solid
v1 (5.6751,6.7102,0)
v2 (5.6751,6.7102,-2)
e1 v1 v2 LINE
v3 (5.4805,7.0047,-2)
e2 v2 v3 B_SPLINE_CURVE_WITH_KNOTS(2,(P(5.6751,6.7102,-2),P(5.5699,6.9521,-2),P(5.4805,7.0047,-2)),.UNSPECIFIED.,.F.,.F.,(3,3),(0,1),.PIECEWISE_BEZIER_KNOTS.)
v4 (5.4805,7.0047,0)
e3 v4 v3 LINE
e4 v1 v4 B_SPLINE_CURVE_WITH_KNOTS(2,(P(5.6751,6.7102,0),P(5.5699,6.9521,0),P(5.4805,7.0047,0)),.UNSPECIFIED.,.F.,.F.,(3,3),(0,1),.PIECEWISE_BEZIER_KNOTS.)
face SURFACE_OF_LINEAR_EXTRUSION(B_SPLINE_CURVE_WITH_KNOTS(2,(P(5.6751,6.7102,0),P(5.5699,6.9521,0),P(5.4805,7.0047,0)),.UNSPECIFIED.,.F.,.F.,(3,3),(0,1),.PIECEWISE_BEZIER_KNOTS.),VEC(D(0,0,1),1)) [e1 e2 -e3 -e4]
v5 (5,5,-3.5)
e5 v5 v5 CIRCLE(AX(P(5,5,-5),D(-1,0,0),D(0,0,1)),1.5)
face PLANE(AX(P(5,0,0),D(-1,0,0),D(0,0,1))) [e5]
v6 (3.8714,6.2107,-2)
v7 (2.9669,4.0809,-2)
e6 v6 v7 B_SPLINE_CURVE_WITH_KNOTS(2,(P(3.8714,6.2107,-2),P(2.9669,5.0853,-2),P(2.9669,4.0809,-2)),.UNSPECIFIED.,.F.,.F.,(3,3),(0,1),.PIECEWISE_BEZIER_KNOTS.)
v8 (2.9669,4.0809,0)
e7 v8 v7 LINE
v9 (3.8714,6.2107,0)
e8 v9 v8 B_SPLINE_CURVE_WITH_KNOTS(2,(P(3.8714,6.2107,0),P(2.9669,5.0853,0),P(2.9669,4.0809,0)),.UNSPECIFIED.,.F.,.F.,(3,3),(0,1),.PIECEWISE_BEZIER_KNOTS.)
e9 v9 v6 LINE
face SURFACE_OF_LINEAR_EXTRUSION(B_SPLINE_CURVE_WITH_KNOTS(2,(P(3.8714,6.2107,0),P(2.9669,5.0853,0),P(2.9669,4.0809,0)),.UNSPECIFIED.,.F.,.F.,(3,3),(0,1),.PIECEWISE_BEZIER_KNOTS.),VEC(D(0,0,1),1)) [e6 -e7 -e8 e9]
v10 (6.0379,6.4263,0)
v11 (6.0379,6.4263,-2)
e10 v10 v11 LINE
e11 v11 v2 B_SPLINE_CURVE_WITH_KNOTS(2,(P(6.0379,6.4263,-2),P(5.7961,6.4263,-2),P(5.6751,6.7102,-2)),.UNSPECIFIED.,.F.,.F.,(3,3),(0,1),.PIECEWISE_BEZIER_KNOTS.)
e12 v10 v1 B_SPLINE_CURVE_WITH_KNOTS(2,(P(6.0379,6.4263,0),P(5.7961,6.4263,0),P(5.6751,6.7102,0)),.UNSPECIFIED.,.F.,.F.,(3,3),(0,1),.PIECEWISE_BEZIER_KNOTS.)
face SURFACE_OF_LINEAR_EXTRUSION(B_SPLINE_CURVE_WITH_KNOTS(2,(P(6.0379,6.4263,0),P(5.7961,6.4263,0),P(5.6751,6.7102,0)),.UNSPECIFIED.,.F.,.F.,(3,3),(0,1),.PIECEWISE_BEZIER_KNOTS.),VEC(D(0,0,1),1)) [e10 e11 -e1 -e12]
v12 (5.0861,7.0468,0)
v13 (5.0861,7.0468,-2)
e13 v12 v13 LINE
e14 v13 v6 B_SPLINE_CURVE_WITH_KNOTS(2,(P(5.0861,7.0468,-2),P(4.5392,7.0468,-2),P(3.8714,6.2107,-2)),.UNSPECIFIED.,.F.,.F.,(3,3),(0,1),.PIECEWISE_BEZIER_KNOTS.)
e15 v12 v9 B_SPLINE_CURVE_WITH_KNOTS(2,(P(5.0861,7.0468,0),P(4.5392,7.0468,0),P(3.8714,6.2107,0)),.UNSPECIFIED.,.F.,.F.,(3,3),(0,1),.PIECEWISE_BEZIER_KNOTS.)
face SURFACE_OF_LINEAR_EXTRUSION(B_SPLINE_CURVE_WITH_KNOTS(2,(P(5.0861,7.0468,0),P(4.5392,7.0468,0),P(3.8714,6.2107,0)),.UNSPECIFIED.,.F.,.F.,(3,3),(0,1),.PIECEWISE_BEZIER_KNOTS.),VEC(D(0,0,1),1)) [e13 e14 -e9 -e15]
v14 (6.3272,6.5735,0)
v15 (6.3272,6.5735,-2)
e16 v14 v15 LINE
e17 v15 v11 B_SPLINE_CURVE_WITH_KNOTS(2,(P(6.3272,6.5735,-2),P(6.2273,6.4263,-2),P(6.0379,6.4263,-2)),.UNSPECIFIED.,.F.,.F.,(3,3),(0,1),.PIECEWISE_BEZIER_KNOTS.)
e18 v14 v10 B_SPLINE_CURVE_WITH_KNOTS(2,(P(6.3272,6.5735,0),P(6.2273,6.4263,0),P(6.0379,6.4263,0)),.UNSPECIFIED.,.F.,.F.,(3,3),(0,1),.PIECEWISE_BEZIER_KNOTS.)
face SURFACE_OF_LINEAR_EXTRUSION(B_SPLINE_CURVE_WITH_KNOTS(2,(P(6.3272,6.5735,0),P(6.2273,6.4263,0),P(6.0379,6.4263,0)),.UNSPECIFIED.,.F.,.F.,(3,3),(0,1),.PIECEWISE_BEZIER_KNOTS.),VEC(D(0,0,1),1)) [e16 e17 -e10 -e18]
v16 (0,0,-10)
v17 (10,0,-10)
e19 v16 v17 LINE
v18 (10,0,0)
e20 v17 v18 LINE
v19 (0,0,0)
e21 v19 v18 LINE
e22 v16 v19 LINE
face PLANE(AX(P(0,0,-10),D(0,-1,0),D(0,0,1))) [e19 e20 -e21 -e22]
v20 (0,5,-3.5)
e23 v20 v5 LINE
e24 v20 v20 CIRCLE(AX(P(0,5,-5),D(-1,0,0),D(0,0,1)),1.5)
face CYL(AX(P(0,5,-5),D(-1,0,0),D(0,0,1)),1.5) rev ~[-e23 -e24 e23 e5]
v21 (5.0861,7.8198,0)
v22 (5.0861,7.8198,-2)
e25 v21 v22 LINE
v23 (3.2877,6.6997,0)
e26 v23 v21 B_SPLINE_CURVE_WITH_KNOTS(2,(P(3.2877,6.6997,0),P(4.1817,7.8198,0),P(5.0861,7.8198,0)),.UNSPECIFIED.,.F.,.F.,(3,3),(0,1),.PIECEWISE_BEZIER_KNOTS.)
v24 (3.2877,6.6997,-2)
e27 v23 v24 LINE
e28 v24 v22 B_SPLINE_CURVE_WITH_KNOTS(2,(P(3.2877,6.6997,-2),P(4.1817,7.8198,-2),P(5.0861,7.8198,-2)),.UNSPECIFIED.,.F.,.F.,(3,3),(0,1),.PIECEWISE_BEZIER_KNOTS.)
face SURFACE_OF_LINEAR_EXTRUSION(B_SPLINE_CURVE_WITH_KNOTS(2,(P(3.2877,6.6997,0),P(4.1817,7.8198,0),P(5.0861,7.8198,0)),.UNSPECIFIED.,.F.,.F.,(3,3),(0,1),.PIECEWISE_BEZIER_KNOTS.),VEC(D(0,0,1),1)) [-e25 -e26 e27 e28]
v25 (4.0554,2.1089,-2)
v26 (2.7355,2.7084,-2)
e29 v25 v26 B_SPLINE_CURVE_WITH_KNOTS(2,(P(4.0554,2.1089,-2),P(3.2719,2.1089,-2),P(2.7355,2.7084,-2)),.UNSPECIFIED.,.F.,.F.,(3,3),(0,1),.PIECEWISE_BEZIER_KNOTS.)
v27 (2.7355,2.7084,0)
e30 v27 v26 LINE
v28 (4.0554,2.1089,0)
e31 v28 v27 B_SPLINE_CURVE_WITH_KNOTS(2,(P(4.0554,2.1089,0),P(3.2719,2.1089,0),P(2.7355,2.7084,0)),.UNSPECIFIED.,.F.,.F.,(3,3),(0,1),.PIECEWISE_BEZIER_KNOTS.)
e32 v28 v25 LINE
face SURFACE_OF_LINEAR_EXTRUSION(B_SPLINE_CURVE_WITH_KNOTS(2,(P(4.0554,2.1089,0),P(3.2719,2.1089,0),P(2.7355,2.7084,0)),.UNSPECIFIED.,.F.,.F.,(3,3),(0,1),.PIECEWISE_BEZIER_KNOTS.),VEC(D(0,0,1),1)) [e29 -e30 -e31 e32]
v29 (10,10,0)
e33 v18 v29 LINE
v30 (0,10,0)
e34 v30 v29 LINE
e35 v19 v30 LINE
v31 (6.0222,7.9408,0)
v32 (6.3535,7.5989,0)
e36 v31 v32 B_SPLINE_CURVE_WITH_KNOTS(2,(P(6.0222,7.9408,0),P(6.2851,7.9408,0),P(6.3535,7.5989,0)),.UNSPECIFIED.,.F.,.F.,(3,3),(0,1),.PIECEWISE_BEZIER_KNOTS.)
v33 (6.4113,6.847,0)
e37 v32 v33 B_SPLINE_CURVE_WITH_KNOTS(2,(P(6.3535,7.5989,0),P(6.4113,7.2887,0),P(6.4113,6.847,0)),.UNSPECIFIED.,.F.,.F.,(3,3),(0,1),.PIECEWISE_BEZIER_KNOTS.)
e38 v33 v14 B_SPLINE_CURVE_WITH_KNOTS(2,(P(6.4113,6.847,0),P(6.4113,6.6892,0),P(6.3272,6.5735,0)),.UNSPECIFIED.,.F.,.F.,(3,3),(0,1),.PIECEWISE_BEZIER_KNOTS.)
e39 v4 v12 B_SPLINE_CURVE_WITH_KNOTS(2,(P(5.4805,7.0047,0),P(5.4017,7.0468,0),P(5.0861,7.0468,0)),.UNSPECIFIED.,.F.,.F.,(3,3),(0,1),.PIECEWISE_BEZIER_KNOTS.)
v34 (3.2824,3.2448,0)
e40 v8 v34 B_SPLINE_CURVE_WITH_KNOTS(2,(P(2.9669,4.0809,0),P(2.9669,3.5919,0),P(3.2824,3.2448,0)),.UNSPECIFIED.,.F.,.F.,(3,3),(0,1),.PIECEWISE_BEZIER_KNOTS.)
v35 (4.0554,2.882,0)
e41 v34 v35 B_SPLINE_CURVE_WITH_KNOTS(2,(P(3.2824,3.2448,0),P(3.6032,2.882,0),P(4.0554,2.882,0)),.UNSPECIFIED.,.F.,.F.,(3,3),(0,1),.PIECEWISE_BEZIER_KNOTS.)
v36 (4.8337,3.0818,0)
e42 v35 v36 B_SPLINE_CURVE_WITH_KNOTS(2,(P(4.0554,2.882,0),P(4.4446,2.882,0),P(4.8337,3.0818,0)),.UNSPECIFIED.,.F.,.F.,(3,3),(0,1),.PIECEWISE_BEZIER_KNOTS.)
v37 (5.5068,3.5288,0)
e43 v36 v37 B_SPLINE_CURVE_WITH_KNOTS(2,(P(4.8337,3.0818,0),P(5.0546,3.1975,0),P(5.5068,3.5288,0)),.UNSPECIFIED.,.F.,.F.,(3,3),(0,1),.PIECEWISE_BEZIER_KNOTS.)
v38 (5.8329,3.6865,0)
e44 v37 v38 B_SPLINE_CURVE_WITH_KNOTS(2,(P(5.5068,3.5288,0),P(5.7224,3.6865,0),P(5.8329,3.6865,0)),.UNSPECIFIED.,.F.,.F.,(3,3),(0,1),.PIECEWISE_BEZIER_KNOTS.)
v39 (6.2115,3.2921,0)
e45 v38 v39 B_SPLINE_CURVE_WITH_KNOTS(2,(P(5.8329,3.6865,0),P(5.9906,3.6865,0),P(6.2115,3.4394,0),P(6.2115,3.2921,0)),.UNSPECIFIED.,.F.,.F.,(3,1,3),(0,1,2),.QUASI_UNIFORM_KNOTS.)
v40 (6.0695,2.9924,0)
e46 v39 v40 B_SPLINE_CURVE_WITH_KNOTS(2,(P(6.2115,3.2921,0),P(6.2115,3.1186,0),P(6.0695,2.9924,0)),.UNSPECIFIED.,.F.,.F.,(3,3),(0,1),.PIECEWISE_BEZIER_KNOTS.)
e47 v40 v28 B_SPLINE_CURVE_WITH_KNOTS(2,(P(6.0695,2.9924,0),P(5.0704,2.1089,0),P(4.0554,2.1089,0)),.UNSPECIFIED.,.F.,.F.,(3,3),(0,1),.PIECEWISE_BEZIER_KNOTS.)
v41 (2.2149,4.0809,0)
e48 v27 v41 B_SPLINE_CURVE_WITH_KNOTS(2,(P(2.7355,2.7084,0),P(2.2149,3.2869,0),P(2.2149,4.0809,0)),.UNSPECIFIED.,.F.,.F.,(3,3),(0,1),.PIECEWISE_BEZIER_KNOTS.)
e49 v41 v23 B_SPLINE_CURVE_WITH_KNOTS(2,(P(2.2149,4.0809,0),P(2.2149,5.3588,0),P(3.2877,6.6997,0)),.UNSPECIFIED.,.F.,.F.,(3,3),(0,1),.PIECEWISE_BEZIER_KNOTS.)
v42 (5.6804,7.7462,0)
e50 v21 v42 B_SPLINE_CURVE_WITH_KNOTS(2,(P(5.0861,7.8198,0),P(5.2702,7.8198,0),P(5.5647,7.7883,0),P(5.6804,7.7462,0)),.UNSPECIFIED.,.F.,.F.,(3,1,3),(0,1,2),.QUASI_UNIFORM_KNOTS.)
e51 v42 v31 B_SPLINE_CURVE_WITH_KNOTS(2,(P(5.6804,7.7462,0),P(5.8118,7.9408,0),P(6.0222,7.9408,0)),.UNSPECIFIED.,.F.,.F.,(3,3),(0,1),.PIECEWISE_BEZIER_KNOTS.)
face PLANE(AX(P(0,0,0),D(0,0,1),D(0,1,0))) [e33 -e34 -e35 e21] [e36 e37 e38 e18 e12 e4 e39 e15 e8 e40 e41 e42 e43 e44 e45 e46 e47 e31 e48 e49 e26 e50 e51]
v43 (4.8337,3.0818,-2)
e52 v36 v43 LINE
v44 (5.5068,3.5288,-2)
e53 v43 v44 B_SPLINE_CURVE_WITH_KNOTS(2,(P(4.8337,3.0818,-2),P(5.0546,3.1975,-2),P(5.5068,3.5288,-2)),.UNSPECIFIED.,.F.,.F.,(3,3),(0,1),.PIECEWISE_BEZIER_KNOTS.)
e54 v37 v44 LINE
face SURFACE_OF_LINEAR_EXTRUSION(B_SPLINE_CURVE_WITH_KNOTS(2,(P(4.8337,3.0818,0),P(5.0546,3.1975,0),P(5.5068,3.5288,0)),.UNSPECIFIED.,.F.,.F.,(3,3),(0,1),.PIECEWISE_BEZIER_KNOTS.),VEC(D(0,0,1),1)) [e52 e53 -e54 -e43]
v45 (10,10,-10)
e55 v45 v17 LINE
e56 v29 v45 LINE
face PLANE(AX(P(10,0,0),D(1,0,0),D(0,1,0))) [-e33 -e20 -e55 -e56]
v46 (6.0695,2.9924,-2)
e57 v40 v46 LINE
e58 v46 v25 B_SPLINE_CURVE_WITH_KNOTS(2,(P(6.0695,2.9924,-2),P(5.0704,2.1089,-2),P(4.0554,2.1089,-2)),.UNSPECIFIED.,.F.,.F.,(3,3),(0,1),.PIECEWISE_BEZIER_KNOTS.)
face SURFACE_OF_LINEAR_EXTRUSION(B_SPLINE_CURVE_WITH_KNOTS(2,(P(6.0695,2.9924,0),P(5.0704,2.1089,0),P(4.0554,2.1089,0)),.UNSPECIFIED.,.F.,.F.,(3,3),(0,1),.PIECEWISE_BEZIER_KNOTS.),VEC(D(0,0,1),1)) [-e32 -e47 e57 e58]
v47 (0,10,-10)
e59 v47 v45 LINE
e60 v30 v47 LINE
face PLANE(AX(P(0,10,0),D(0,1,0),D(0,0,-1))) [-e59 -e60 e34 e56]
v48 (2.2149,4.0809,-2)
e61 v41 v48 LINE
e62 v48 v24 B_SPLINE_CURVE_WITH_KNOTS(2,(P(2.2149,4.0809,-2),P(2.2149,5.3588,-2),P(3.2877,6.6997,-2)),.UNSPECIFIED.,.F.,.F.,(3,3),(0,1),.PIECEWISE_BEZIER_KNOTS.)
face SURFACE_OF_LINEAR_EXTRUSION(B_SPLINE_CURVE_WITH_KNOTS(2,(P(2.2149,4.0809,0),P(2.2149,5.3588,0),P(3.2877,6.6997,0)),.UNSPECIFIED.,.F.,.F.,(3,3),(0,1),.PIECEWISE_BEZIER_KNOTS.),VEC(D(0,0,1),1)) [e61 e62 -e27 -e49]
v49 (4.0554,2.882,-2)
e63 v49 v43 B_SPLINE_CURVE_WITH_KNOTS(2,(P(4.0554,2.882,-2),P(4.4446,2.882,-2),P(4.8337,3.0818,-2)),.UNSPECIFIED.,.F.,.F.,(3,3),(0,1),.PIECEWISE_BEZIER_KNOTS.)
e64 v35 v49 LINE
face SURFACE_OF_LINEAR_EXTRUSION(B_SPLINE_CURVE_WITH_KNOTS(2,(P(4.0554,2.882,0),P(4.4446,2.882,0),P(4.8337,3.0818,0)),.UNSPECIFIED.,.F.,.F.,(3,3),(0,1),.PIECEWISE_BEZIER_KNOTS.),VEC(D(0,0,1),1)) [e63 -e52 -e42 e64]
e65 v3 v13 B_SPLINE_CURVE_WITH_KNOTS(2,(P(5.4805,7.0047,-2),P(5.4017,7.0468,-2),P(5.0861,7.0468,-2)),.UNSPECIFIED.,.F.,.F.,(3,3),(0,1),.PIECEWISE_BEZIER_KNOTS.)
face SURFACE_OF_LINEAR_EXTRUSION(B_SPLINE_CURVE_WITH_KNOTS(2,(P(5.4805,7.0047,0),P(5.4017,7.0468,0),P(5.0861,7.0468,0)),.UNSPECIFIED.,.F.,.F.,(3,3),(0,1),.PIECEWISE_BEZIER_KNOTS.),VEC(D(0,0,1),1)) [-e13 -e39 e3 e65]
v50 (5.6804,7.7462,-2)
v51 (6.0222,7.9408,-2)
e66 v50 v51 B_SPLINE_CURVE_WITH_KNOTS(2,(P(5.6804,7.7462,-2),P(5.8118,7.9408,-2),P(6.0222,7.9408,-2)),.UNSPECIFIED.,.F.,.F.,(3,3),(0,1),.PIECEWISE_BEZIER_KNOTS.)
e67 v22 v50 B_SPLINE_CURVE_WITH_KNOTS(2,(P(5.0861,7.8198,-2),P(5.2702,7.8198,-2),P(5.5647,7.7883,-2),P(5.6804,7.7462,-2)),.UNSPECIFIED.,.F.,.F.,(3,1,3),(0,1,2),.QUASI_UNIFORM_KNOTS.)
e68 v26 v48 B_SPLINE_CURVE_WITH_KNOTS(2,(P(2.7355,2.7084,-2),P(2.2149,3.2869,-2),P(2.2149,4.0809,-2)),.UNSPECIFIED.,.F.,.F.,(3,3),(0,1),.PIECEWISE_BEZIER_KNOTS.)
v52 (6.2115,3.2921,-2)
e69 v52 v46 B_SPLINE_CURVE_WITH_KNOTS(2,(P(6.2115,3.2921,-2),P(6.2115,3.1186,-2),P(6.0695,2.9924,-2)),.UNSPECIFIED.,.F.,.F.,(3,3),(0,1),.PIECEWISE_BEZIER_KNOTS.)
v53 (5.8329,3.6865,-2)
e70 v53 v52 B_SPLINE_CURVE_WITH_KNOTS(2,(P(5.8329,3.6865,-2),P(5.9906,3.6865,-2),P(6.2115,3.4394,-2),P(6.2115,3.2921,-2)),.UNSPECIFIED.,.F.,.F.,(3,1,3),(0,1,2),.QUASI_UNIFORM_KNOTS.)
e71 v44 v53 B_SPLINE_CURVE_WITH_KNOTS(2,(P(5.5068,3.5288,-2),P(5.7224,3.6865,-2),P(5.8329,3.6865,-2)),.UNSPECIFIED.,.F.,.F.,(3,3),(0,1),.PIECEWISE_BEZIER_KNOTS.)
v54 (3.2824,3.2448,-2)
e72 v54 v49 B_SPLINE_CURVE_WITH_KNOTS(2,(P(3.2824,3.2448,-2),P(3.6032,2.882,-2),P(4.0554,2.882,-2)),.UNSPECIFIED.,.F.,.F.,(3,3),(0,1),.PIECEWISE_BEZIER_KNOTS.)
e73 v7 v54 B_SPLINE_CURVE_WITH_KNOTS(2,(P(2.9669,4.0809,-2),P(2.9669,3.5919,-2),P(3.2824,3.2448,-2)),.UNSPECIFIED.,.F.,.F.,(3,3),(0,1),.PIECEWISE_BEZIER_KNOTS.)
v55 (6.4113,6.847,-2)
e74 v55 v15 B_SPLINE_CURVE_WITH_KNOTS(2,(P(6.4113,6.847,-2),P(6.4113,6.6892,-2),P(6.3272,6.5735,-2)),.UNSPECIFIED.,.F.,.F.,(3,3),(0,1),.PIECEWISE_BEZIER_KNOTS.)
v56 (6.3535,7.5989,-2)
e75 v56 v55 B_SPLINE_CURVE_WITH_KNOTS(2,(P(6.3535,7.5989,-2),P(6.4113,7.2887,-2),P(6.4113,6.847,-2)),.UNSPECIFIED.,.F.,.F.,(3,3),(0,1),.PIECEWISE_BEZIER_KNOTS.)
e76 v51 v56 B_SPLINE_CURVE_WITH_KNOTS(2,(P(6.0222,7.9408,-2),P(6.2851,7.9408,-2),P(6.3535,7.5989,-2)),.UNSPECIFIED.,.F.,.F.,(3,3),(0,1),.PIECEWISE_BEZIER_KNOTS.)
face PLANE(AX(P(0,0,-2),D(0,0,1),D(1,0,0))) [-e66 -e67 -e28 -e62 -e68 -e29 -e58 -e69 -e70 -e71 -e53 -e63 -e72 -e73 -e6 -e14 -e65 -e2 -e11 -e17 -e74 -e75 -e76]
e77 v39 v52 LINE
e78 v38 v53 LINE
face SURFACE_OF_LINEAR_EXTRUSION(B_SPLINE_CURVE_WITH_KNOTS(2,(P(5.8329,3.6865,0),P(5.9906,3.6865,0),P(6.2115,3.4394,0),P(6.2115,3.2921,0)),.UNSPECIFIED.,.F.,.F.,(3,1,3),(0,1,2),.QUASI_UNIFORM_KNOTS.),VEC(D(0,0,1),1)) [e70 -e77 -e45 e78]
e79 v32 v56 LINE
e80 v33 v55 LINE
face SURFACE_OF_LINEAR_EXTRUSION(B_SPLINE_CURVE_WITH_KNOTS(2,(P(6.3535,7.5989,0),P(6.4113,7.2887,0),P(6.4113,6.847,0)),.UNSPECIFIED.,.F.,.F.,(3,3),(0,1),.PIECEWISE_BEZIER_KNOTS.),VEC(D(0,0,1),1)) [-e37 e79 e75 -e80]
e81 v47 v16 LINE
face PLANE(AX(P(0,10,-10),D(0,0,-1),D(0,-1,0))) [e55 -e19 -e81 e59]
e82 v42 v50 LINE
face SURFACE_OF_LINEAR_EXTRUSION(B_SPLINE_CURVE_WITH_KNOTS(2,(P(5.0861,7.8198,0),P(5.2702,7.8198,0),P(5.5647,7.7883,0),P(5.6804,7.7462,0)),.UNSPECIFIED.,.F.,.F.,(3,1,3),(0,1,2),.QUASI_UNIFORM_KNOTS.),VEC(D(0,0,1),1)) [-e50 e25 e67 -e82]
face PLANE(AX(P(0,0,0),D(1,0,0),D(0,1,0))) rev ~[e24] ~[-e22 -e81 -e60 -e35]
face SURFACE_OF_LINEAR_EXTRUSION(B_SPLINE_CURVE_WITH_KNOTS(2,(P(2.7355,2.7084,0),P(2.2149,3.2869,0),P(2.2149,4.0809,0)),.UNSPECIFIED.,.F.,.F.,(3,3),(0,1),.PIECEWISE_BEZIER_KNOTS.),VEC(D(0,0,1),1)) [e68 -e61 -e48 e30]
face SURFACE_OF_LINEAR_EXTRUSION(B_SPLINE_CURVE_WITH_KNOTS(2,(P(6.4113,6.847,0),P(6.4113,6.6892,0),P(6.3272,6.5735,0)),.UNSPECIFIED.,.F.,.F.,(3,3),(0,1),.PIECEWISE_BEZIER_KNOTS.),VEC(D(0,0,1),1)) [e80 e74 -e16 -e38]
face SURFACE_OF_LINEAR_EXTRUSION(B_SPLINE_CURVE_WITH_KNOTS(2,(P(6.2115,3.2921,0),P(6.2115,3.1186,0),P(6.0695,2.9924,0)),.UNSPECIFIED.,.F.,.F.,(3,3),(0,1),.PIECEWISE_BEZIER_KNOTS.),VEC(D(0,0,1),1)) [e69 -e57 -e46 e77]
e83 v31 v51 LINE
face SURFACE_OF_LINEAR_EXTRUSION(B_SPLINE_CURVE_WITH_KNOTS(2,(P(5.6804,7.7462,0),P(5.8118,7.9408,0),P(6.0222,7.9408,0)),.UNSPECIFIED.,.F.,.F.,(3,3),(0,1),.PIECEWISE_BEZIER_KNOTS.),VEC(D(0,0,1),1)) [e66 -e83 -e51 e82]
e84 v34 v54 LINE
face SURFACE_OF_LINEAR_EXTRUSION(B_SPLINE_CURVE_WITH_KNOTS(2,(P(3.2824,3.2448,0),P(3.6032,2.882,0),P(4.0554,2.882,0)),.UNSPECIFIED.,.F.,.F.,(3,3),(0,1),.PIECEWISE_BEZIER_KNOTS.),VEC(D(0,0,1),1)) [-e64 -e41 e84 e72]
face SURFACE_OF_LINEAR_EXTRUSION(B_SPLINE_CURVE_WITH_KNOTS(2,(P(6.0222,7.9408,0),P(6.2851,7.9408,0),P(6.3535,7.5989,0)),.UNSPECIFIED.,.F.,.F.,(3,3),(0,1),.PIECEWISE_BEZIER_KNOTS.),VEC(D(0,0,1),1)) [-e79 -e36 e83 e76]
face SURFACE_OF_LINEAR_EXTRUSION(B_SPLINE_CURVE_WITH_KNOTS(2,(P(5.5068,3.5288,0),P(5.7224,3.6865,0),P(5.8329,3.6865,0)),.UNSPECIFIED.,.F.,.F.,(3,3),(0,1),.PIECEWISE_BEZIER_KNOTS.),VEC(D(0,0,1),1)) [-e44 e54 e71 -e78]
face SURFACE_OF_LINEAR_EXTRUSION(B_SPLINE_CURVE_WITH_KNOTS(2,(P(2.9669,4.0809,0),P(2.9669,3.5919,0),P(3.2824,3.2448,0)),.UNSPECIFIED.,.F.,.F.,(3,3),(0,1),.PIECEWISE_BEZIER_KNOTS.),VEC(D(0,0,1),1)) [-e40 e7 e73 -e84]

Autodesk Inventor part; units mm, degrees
ref_plane "YZ Plane" through (0, 0, 0) normal (1, 0, 0) x (0, 1, 0)
ref_plane "XZ Plane" through (0, 0, 0) normal (0, 1, 0) x (-1, 0, 0)
ref_plane "XY Plane" through (0, 0, 0) normal (0, 0, 1) x (1, 0, 0)
sketch "Sketch1" plane through (0, 0, 0) normal (1, 0, 0) x (0, 1, 0)
  line L0 (0, 0) -> (10, 0)
  line L1 (10, 0) -> (10, -10)
  line L2 (10, -10) -> (0, -10)
  line L3 (0, -10) -> (0, 0)
  dimension "d0" = 10
  dimension "d1" = 10
extrude "Extrusion1" add sketch "Sketch1" along normal blind 10
sketch "Sketch3" plane through (0, 0, 0) normal (-1, 0, 0) x (0, 0, 1)
  circle A0 centre (-5, 5) radius 1.5
  point P0 (0, 0)
extrude "Extrusion3" cut sketch "Sketch3" against normal blind 5
sketch "Sketch4" plane through (0, 0, 0) normal (0, 0, 1) x (1, 0, 0)
  line L0 (1.8731, 7.9408) -> (4.4271, 7.9408) construction
  line L1 (4.4271, 7.9408) -> (4.4271, 4.8928) construction
  line L2 (4.4271, 4.8928) -> (1.8731, 4.8928) construction
  line L3 (1.8731, 4.8928) -> (1.8731, 7.9408) construction
  spline S0 degree 2 poles (6.0379, 6.4263) (5.7961, 6.4263) (5.6751, 6.7102) knots 0 0 0 1 1 1
  spline S1 degree 2 poles (5.6751, 6.7102) (5.5699, 6.9521) (5.4805, 7.0047) knots 0 0 0 1 1 1
  spline S2 degree 2 poles (5.4805, 7.0047) (5.4017, 7.0468) (5.0861, 7.0468) knots 0 0 0 1 1 1
  spline S3 degree 2 poles (5.0861, 7.0468) (4.5392, 7.0468) (3.8714, 6.2107) knots 0 0 0 1 1 1
  spline S4 degree 2 poles (3.8714, 6.2107) (2.9669, 5.0853) (2.9669, 4.0809) knots 0 0 0 1 1 1
  spline S5 degree 2 poles (2.9669, 4.0809) (2.9669, 3.5919) (3.2824, 3.2448) knots 0 0 0 1 1 1
  spline S6 degree 2 poles (3.2824, 3.2448) (3.6032, 2.882) (4.0554, 2.882) knots 0 0 0 1 1 1
  spline S7 degree 2 poles (4.0554, 2.882) (4.4446, 2.882) (4.8337, 3.0818) knots 0 0 0 1 1 1
  spline S8 degree 2 poles (4.8337, 3.0818) (5.0546, 3.1975) (5.5068, 3.5288) knots 0 0 0 1 1 1
  spline S9 degree 2 poles (5.5068, 3.5288) (5.7224, 3.6865) (5.8329, 3.6865) knots 0 0 0 1 1 1
  spline S10 degree 2 poles (5.8329, 3.6865) (5.9906, 3.6865) (6.2115, 3.4394) (6.2115, 3.2921) knots 0 0 0 1 2 2 2
  spline S11 degree 2 poles (6.2115, 3.2921) (6.2115, 3.1186) (6.0695, 2.9924) knots 0 0 0 1 1 1
  spline S12 degree 2 poles (6.0695, 2.9924) (5.0704, 2.1089) (4.0554, 2.1089) knots 0 0 0 1 1 1
  spline S13 degree 2 poles (4.0554, 2.1089) (3.2719, 2.1089) (2.7355, 2.7084) knots 0 0 0 1 1 1
  spline S14 degree 2 poles (2.7355, 2.7084) (2.2149, 3.2869) (2.2149, 4.0809) knots 0 0 0 1 1 1
  spline S15 degree 2 poles (2.2149, 4.0809) (2.2149, 5.3588) (3.2877, 6.6997) knots 0 0 0 1 1 1
  spline S16 degree 2 poles (3.2877, 6.6997) (4.1817, 7.8198) (5.0861, 7.8198) knots 0 0 0 1 1 1
  spline S17 degree 2 poles (5.0861, 7.8198) (5.2702, 7.8198) (5.5647, 7.7883) (5.6804, 7.7462) knots 0 0 0 1 2 2 2
  spline S18 degree 2 poles (5.6804, 7.7462) (5.8118, 7.9408) (6.0222, 7.9408) knots 0 0 0 1 1 1
  spline S19 degree 2 poles (6.0222, 7.9408) (6.2851, 7.9408) (6.3535, 7.5989) knots 0 0 0 1 1 1
  spline S20 degree 2 poles (6.3535, 7.5989) (6.4113, 7.2887) (6.4113, 6.847) knots 0 0 0 1 1 1
  spline S21 degree 2 poles (6.4113, 6.847) (6.4113, 6.6892) (6.3272, 6.5735) knots 0 0 0 1 1 1
  spline S22 degree 2 poles (6.3272, 6.5735) (6.2273, 6.4263) (6.0379, 6.4263) knots 0 0 0 1 1 1
  point P0 (0, 0)
extrude "Extrusion4" cut sketch "Sketch4" against normal blind 2
properties part number "Cytosine"
